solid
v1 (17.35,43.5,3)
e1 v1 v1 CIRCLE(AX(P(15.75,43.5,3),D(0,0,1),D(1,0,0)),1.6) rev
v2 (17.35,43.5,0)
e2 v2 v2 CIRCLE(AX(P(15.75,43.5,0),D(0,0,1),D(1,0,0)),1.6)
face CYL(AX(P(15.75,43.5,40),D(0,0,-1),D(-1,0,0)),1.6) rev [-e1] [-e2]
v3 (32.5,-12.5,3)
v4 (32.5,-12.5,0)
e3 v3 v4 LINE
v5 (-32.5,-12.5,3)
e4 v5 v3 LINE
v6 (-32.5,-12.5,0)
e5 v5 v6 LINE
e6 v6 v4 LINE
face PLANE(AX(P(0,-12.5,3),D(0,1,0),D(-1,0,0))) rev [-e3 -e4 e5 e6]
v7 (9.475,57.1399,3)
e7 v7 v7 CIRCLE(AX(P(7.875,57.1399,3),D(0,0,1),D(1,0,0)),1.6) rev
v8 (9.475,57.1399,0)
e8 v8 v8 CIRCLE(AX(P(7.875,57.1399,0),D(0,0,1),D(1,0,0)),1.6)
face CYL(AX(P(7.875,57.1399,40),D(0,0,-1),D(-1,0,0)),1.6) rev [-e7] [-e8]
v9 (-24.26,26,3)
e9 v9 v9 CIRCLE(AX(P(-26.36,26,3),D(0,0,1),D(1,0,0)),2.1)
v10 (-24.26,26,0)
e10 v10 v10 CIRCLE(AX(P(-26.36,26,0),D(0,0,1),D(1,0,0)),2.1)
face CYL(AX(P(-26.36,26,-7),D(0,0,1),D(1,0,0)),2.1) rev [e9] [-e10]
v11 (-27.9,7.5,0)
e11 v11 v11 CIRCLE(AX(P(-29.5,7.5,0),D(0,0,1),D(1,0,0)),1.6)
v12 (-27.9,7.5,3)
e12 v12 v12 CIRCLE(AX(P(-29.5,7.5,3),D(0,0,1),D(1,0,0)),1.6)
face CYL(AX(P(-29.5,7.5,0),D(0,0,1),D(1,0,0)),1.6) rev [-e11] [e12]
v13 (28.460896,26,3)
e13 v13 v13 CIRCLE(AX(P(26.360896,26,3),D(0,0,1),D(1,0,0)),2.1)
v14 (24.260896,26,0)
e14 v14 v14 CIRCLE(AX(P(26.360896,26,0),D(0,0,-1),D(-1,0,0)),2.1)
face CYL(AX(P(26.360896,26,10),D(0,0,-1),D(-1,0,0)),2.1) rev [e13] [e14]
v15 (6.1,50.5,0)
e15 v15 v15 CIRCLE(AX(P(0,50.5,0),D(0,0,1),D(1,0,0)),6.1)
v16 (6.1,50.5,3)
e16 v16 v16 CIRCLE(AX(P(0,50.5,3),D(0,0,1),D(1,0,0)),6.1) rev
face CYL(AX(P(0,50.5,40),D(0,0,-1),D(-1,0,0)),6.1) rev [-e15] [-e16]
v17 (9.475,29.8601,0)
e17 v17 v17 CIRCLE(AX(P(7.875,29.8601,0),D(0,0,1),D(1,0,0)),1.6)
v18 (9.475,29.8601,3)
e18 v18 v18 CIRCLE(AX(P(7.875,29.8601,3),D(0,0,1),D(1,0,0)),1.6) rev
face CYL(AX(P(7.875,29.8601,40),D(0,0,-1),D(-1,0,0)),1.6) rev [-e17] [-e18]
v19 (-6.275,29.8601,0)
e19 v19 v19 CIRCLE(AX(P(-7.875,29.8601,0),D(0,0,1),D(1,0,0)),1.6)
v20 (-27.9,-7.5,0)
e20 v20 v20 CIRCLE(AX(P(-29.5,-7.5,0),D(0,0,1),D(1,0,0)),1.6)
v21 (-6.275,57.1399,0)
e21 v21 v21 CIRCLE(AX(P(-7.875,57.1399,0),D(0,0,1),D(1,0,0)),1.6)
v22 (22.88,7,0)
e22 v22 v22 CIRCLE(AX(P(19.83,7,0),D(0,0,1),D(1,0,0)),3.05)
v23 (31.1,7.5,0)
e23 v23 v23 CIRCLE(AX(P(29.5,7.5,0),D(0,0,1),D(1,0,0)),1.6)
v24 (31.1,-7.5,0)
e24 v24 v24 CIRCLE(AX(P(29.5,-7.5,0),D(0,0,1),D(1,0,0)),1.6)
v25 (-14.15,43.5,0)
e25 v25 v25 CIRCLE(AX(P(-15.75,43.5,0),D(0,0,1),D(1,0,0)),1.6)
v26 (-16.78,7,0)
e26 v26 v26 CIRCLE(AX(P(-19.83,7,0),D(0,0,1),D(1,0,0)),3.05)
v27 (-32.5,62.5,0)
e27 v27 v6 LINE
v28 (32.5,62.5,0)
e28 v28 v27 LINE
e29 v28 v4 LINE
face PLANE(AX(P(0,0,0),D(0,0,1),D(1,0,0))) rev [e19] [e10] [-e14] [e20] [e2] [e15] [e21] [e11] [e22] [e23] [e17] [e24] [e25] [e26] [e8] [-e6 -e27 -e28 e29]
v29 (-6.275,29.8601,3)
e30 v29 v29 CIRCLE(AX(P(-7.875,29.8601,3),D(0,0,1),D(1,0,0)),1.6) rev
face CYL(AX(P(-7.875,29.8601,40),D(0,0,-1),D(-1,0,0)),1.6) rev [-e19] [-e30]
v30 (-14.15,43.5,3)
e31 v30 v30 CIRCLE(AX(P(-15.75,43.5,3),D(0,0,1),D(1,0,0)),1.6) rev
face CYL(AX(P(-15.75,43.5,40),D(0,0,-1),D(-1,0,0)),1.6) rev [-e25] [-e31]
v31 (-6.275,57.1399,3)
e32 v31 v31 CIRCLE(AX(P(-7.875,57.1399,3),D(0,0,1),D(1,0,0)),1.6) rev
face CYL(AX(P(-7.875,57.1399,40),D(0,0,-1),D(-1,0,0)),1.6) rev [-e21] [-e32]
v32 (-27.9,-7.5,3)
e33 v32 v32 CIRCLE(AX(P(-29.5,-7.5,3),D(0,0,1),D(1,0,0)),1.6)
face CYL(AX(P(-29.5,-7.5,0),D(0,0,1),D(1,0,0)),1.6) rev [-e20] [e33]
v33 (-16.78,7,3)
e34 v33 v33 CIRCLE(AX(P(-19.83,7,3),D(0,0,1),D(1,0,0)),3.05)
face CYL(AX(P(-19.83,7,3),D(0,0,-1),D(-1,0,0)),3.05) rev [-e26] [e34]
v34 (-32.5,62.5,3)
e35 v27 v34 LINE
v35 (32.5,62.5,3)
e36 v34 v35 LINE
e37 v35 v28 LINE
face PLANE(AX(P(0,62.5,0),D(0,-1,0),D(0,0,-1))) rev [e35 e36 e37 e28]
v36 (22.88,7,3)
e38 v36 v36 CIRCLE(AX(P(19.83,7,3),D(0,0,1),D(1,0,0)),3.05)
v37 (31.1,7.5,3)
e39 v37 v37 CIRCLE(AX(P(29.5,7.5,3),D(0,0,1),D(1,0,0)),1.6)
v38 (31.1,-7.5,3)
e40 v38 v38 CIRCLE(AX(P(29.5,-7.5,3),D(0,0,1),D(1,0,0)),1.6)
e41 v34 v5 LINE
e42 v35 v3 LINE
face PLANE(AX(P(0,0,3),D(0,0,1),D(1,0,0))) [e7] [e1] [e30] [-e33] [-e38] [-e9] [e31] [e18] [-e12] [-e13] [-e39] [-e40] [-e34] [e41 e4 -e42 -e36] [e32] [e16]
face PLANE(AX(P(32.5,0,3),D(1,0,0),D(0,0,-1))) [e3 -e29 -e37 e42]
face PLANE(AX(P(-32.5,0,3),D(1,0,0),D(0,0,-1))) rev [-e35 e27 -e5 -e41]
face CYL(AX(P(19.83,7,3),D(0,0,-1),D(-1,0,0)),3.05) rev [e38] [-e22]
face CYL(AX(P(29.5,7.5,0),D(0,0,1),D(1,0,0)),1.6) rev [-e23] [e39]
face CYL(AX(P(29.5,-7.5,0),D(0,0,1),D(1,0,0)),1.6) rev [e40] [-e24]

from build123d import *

# Parameters (mm, degrees)
SKETCH_1_W          = 65
SKETCH_1_H          = 25
SKETCH_1_R          = 3.05
EXTRUDE_1_DEPTH     = 3
CUT_EXTRUDE_1_DEPTH = 4
SKETCH_3_W          = 65
SKETCH_3_H          = 3
EXTRUDE_2_DEPTH     = 50
SKETCH_4_R          = 1.6
SKETCH_4_R_2        = 6.1
CUT_EXTRUDE_4_DEPTH = 40
SKETCH_5_R          = 2.1
CUT_EXTRUDE_5_DEPTH = 10
SKETCH_6_R          = 2.1
CUT_EXTRUDE_6_DEPTH = 10


with BuildPart() as part:
    # ｽｹｯﾁ1 → ﾎﾞｽ - 押し出し1 (new body)
    with BuildSketch(Plane.XY):
        Rectangle(SKETCH_1_W, SKETCH_1_H)
        with Locations((-19.83, 7)):
            Circle(SKETCH_1_R, mode=Mode.SUBTRACT)
        with Locations((19.83, 7)):
            Circle(SKETCH_1_R, mode=Mode.SUBTRACT)
    extrude(amount=EXTRUDE_1_DEPTH)

    # ｽｹｯﾁ2 → ｶｯﾄ - 押し出し1 (cut, through all)
    with BuildSketch(Plane.XY.offset(3)):
        with BuildLine():
            ThreePointArc((-27.9, 7.5), (-28.36862915, 8.63137085), (-29.5, 9.1))
            Line((-29.5, 9.1), (-29.5, 7.5))
            Line((-29.5, 7.5), (-31.1, 7.5))
            ThreePointArc((-31.1, 7.5), (-29.5, 5.9), (-27.9, 7.5))
        make_face()
        with BuildLine():
            Line((-29.5, 7.5), (-29.5, 9.1))
            ThreePointArc((-29.5, 9.1), (-30.63137085, 8.63137085), (-31.1, 7.5))
            Line((-31.1, 7.5), (-29.5, 7.5))
        make_face()
        with BuildLine():
            ThreePointArc((-31.1, -7.5), (-30.63137085, -8.63137085), (-29.5, -9.1))
            Line((-29.5, -9.1), (-29.5, -7.5))
            Line((-29.5, -7.5), (-31.1, -7.5))
        make_face()
        with BuildLine():
            Line((-29.5, -7.5), (-29.5, -9.1))
            ThreePointArc((-29.5, -9.1), (-28.36862915, -8.63137085), (-27.9, -7.5))
            ThreePointArc((-27.9, -7.5), (-29.5, -5.9), (-31.1, -7.5))
            Line((-31.1, -7.5), (-29.5, -7.5))
        make_face()
        with BuildLine():
            ThreePointArc((31.1, 7.5), (30.63137085, 8.63137085), (29.5, 9.1))
            Line((29.5, 9.1), (29.5, 7.5))
            Line((29.5, 7.5), (31.1, 7.5))
        make_face()
        with BuildLine():
            Line((29.5, 7.5), (29.5, 9.1))
            ThreePointArc((29.5, 9.1), (28.36862915, 6.36862915), (31.1, 7.5))
            Line((31.1, 7.5), (29.5, 7.5))
        make_face()
        with BuildLine():
            ThreePointArc((31.1, -7.5), (28.36862915, -6.36862915), (29.5, -9.1))
            Line((29.5, -9.1), (29.5, -7.5))
            Line((29.5, -7.5), (31.1, -7.5))
        make_face()
        with BuildLine():
            Line((29.5, -7.5), (29.5, -9.1))
            ThreePointArc((29.5, -9.1), (30.63137085, -8.63137085), (31.1, -7.5))
            Line((31.1, -7.5), (29.5, -7.5))
        make_face()
    extrude(amount=-CUT_EXTRUDE_1_DEPTH, mode=Mode.SUBTRACT)

    # ｽｹｯﾁ3 → ﾎﾞｽ - 押し出し2 (add)
    with BuildSketch(Plane(origin=(0, 12.5, 0), x_dir=(1, 0, 0), z_dir=(0, 1, 0))):
        with Locations((0, -1.5)):
            Rectangle(SKETCH_3_W, SKETCH_3_H)
    extrude(amount=EXTRUDE_2_DEPTH)

    # ｽｹｯﾁ4 → ｶｯﾄ - 押し出し4 (cut)
    with BuildSketch(Plane.XY):
        with Locations((-7.875, 57.13990011)):
            Circle(SKETCH_4_R)
        with Locations((7.875, 57.13990011)):
            Circle(SKETCH_4_R)
        with Locations((15.75, 43.5)):
            Circle(SKETCH_4_R)
        with Locations((7.875, 29.86009989)):
            Circle(SKETCH_4_R)
        with Locations((-7.875, 29.86009989)):
            Circle(SKETCH_4_R)
        with Locations((-15.75, 43.5)):
            Circle(SKETCH_4_R)
        with Locations((0, 50.5)):
            Circle(SKETCH_4_R_2)
    extrude(amount=CUT_EXTRUDE_4_DEPTH, mode=Mode.SUBTRACT)

    # ｽｹｯﾁ5 → ｶｯﾄ - 押し出し5 (cut)
    with BuildSketch(Plane(origin=(0, 0, 0), x_dir=(-1, 0, 0), z_dir=(0, 0, -1))):
        with Locations((-26.360896025, 26)):
            Circle(SKETCH_5_R)
    extrude(amount=-CUT_EXTRUDE_5_DEPTH, mode=Mode.SUBTRACT)

    # ｽｹｯﾁ6 → ｶｯﾄ - 押し出し6 (cut)
    with BuildSketch(Plane.XY.offset(3)):
        with Locations((-26.36, 26)):
            Circle(SKETCH_6_R)
    extrude(amount=-CUT_EXTRUDE_6_DEPTH, mode=Mode.SUBTRACT)


solid = part.part
